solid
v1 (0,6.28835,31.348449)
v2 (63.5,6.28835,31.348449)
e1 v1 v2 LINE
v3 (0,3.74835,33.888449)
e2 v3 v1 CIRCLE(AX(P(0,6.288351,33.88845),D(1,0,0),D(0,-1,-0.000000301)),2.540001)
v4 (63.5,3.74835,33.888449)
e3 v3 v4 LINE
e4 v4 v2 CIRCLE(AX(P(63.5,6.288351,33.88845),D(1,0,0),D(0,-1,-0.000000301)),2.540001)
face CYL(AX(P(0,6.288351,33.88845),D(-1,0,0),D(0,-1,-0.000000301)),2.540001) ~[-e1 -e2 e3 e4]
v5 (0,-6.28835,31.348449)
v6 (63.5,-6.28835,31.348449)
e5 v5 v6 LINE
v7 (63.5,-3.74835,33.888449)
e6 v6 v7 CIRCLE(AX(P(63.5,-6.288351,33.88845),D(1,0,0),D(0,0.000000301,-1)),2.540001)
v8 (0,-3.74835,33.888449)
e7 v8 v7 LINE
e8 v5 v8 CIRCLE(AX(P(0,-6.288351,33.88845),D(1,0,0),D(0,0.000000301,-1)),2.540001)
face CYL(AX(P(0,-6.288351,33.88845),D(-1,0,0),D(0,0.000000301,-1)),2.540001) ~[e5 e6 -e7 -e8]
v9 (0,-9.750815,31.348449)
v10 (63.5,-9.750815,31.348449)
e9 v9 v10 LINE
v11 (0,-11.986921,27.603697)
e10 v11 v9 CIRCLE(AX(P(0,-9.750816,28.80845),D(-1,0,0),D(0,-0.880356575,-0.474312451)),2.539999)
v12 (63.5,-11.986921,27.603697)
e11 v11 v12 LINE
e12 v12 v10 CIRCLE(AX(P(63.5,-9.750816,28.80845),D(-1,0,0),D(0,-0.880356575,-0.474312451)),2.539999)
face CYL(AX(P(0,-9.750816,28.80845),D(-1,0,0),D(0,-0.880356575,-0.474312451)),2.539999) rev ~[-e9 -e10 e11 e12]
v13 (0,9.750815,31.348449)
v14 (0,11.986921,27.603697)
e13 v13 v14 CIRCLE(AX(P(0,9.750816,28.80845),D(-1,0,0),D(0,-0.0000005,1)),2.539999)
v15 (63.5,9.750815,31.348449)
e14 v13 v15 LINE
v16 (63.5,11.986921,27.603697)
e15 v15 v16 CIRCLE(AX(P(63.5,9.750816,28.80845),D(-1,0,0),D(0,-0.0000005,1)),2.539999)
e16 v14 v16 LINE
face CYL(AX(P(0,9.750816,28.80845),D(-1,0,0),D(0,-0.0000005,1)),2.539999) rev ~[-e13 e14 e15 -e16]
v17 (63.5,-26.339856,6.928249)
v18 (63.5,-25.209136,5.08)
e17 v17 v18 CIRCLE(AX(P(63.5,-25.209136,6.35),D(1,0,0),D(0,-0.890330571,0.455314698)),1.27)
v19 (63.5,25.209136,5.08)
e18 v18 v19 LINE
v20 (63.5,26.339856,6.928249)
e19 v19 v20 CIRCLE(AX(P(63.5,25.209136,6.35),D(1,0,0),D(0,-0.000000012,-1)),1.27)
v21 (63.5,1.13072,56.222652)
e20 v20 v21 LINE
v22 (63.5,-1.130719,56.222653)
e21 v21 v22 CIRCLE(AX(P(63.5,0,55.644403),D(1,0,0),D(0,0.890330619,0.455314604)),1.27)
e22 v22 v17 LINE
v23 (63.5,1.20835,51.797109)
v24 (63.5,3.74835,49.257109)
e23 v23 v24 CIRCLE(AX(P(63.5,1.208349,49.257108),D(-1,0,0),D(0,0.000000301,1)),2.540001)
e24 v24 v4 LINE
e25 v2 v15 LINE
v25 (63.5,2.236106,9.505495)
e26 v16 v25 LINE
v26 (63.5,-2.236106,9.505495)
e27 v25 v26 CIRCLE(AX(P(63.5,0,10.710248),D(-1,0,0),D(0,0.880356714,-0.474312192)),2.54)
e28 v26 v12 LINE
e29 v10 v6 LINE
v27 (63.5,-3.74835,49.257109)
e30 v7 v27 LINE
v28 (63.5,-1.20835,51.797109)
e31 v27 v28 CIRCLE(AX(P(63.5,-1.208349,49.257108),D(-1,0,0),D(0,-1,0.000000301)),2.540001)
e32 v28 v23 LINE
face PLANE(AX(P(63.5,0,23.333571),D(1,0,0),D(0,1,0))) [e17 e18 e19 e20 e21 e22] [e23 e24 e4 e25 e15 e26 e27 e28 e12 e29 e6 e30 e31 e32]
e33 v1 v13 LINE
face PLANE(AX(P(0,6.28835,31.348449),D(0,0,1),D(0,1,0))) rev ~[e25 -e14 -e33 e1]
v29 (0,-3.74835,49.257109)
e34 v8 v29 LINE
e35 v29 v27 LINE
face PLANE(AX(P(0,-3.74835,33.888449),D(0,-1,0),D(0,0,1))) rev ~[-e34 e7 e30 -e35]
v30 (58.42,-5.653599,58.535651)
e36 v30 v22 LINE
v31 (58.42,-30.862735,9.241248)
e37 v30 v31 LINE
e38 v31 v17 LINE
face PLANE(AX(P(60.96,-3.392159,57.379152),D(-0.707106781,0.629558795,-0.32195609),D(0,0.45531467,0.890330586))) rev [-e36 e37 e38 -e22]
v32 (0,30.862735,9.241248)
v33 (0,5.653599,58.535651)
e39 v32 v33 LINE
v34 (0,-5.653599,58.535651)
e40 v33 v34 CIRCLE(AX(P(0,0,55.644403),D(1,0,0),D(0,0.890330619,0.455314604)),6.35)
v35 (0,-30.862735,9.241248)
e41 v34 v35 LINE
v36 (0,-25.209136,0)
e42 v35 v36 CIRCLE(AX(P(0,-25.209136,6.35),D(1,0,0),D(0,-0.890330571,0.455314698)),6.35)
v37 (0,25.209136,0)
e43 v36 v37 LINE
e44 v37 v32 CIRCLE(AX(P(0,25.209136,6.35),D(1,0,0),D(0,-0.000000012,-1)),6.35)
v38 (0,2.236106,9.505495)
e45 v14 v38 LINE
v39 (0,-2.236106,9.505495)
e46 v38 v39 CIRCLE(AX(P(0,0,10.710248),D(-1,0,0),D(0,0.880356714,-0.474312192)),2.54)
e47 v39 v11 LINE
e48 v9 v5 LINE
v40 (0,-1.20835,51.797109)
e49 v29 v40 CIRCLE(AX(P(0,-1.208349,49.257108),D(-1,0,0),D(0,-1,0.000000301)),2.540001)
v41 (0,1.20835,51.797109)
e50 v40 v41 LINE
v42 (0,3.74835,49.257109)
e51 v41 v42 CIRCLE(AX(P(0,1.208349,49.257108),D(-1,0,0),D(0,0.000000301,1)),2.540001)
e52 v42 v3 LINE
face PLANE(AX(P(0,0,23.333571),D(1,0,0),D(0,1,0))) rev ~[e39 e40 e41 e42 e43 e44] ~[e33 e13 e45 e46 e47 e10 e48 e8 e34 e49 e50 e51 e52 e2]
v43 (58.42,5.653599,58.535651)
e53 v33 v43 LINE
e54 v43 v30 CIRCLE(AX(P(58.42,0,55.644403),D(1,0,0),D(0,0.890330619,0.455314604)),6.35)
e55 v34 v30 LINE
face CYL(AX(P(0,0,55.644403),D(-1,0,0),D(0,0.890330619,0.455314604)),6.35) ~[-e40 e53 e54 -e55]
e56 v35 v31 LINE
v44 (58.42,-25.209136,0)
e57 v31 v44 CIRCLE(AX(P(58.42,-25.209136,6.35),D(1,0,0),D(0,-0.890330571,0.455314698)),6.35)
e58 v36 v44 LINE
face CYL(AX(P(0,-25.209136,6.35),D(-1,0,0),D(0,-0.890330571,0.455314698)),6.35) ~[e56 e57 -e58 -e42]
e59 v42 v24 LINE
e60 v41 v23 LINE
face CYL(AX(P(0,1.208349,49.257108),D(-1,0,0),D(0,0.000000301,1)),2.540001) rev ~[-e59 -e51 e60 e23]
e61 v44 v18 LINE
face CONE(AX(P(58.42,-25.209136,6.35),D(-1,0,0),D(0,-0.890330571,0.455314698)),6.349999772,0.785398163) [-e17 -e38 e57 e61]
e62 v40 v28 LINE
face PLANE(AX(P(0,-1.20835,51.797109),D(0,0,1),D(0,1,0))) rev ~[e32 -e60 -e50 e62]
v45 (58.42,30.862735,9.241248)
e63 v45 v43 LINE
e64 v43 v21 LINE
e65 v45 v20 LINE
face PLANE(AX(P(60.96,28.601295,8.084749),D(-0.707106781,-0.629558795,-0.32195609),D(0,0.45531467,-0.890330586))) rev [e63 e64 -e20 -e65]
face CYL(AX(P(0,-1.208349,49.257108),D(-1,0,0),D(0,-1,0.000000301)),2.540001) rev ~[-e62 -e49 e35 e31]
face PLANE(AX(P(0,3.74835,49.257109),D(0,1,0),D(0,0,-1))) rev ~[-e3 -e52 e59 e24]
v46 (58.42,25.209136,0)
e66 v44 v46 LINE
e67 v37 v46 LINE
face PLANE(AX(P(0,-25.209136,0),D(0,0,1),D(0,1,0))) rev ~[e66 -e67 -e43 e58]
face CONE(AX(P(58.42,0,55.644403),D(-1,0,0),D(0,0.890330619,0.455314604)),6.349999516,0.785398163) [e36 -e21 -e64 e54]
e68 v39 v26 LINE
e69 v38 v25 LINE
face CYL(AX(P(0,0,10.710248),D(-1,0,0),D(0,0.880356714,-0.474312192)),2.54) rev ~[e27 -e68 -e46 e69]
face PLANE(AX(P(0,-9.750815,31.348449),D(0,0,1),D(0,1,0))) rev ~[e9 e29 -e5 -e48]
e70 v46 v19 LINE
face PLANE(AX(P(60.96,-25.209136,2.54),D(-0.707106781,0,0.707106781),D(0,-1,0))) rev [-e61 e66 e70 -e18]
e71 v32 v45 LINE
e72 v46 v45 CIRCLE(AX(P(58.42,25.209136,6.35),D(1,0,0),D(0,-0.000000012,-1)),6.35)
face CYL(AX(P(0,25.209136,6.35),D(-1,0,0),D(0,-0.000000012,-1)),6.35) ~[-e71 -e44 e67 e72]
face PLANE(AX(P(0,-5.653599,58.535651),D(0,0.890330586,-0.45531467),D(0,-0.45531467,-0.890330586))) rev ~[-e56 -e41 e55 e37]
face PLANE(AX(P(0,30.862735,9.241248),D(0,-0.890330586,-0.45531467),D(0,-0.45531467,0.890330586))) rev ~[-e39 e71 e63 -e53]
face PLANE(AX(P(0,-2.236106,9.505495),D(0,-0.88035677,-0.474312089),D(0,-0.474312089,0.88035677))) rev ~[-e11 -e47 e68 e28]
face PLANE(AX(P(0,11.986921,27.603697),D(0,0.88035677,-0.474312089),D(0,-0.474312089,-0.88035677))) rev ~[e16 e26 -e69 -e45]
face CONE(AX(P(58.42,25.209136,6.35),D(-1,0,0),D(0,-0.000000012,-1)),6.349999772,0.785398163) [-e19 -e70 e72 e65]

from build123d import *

# Parameters (mm, degrees)
F1_DEPTH = 63.5
F2_SIZE  = 5.08


with BuildPart() as f1:
    # F0 (on Right) → F1 (new body)
    with BuildSketch(Plane.YZ):
        with BuildLine():
            ThreePointArc((-30.862735, 9.241248), (-30.625866, 3.03616), (-25.209136, 0))
            Line((-25.209136, 0), (25.209136, 0))
            ThreePointArc((25.209136, 0), (30.625866, 3.03616), (30.862735, 9.241248))
            Line((30.862735, 9.241248), (5.653599, 58.535651))
            ThreePointArc((5.653599, 58.535651), (0, 61.994403), (-5.653599, 58.535651))
            Line((-5.653599, 58.535651), (-30.862735, 9.241248))
        make_face()
        with BuildLine():
            ThreePointArc((2.236106, 9.505495), (0, 8.170248), (-2.236106, 9.505495))
            Line((-2.236106, 9.505495), (-11.986921, 27.603697))
            ThreePointArc((-11.986921, 27.603697), (-11.931603, 30.110665), (-9.750815, 31.348449))
            Line((-9.750815, 31.348449), (-6.28835, 31.348449))
            ThreePointArc((-6.28835, 31.348449), (-4.492299, 32.092398), (-3.74835, 33.888449))
            Line((-3.74835, 33.888449), (-3.74835, 49.257109))
            ThreePointArc((-3.74835, 49.257109), (-3.004401, 51.05316), (-1.20835, 51.797109))
            Line((-1.20835, 51.797109), (1.20835, 51.797109))
            ThreePointArc((1.20835, 51.797109), (3.004401, 51.05316), (3.74835, 49.257109))
            Line((3.74835, 49.257109), (3.74835, 33.888449))
            ThreePointArc((3.74835, 33.888449), (4.492299, 32.092398), (6.28835, 31.348449))
            Line((6.28835, 31.348449), (9.750815, 31.348449))
            ThreePointArc((9.750815, 31.348449), (11.931603, 30.110665), (11.986921, 27.603697))
            Line((11.986921, 27.603697), (2.236106, 9.505495))
        make_face(mode=Mode.SUBTRACT)
    extrude(amount=F1_DEPTH)

    # F2
    f2_edges = [f1.edges().sort_by_distance(p)[0] for p in [
        (63.5, 0, 0),
    ]]
    chamfer(f2_edges, length=F2_SIZE)


solid = f1.part
